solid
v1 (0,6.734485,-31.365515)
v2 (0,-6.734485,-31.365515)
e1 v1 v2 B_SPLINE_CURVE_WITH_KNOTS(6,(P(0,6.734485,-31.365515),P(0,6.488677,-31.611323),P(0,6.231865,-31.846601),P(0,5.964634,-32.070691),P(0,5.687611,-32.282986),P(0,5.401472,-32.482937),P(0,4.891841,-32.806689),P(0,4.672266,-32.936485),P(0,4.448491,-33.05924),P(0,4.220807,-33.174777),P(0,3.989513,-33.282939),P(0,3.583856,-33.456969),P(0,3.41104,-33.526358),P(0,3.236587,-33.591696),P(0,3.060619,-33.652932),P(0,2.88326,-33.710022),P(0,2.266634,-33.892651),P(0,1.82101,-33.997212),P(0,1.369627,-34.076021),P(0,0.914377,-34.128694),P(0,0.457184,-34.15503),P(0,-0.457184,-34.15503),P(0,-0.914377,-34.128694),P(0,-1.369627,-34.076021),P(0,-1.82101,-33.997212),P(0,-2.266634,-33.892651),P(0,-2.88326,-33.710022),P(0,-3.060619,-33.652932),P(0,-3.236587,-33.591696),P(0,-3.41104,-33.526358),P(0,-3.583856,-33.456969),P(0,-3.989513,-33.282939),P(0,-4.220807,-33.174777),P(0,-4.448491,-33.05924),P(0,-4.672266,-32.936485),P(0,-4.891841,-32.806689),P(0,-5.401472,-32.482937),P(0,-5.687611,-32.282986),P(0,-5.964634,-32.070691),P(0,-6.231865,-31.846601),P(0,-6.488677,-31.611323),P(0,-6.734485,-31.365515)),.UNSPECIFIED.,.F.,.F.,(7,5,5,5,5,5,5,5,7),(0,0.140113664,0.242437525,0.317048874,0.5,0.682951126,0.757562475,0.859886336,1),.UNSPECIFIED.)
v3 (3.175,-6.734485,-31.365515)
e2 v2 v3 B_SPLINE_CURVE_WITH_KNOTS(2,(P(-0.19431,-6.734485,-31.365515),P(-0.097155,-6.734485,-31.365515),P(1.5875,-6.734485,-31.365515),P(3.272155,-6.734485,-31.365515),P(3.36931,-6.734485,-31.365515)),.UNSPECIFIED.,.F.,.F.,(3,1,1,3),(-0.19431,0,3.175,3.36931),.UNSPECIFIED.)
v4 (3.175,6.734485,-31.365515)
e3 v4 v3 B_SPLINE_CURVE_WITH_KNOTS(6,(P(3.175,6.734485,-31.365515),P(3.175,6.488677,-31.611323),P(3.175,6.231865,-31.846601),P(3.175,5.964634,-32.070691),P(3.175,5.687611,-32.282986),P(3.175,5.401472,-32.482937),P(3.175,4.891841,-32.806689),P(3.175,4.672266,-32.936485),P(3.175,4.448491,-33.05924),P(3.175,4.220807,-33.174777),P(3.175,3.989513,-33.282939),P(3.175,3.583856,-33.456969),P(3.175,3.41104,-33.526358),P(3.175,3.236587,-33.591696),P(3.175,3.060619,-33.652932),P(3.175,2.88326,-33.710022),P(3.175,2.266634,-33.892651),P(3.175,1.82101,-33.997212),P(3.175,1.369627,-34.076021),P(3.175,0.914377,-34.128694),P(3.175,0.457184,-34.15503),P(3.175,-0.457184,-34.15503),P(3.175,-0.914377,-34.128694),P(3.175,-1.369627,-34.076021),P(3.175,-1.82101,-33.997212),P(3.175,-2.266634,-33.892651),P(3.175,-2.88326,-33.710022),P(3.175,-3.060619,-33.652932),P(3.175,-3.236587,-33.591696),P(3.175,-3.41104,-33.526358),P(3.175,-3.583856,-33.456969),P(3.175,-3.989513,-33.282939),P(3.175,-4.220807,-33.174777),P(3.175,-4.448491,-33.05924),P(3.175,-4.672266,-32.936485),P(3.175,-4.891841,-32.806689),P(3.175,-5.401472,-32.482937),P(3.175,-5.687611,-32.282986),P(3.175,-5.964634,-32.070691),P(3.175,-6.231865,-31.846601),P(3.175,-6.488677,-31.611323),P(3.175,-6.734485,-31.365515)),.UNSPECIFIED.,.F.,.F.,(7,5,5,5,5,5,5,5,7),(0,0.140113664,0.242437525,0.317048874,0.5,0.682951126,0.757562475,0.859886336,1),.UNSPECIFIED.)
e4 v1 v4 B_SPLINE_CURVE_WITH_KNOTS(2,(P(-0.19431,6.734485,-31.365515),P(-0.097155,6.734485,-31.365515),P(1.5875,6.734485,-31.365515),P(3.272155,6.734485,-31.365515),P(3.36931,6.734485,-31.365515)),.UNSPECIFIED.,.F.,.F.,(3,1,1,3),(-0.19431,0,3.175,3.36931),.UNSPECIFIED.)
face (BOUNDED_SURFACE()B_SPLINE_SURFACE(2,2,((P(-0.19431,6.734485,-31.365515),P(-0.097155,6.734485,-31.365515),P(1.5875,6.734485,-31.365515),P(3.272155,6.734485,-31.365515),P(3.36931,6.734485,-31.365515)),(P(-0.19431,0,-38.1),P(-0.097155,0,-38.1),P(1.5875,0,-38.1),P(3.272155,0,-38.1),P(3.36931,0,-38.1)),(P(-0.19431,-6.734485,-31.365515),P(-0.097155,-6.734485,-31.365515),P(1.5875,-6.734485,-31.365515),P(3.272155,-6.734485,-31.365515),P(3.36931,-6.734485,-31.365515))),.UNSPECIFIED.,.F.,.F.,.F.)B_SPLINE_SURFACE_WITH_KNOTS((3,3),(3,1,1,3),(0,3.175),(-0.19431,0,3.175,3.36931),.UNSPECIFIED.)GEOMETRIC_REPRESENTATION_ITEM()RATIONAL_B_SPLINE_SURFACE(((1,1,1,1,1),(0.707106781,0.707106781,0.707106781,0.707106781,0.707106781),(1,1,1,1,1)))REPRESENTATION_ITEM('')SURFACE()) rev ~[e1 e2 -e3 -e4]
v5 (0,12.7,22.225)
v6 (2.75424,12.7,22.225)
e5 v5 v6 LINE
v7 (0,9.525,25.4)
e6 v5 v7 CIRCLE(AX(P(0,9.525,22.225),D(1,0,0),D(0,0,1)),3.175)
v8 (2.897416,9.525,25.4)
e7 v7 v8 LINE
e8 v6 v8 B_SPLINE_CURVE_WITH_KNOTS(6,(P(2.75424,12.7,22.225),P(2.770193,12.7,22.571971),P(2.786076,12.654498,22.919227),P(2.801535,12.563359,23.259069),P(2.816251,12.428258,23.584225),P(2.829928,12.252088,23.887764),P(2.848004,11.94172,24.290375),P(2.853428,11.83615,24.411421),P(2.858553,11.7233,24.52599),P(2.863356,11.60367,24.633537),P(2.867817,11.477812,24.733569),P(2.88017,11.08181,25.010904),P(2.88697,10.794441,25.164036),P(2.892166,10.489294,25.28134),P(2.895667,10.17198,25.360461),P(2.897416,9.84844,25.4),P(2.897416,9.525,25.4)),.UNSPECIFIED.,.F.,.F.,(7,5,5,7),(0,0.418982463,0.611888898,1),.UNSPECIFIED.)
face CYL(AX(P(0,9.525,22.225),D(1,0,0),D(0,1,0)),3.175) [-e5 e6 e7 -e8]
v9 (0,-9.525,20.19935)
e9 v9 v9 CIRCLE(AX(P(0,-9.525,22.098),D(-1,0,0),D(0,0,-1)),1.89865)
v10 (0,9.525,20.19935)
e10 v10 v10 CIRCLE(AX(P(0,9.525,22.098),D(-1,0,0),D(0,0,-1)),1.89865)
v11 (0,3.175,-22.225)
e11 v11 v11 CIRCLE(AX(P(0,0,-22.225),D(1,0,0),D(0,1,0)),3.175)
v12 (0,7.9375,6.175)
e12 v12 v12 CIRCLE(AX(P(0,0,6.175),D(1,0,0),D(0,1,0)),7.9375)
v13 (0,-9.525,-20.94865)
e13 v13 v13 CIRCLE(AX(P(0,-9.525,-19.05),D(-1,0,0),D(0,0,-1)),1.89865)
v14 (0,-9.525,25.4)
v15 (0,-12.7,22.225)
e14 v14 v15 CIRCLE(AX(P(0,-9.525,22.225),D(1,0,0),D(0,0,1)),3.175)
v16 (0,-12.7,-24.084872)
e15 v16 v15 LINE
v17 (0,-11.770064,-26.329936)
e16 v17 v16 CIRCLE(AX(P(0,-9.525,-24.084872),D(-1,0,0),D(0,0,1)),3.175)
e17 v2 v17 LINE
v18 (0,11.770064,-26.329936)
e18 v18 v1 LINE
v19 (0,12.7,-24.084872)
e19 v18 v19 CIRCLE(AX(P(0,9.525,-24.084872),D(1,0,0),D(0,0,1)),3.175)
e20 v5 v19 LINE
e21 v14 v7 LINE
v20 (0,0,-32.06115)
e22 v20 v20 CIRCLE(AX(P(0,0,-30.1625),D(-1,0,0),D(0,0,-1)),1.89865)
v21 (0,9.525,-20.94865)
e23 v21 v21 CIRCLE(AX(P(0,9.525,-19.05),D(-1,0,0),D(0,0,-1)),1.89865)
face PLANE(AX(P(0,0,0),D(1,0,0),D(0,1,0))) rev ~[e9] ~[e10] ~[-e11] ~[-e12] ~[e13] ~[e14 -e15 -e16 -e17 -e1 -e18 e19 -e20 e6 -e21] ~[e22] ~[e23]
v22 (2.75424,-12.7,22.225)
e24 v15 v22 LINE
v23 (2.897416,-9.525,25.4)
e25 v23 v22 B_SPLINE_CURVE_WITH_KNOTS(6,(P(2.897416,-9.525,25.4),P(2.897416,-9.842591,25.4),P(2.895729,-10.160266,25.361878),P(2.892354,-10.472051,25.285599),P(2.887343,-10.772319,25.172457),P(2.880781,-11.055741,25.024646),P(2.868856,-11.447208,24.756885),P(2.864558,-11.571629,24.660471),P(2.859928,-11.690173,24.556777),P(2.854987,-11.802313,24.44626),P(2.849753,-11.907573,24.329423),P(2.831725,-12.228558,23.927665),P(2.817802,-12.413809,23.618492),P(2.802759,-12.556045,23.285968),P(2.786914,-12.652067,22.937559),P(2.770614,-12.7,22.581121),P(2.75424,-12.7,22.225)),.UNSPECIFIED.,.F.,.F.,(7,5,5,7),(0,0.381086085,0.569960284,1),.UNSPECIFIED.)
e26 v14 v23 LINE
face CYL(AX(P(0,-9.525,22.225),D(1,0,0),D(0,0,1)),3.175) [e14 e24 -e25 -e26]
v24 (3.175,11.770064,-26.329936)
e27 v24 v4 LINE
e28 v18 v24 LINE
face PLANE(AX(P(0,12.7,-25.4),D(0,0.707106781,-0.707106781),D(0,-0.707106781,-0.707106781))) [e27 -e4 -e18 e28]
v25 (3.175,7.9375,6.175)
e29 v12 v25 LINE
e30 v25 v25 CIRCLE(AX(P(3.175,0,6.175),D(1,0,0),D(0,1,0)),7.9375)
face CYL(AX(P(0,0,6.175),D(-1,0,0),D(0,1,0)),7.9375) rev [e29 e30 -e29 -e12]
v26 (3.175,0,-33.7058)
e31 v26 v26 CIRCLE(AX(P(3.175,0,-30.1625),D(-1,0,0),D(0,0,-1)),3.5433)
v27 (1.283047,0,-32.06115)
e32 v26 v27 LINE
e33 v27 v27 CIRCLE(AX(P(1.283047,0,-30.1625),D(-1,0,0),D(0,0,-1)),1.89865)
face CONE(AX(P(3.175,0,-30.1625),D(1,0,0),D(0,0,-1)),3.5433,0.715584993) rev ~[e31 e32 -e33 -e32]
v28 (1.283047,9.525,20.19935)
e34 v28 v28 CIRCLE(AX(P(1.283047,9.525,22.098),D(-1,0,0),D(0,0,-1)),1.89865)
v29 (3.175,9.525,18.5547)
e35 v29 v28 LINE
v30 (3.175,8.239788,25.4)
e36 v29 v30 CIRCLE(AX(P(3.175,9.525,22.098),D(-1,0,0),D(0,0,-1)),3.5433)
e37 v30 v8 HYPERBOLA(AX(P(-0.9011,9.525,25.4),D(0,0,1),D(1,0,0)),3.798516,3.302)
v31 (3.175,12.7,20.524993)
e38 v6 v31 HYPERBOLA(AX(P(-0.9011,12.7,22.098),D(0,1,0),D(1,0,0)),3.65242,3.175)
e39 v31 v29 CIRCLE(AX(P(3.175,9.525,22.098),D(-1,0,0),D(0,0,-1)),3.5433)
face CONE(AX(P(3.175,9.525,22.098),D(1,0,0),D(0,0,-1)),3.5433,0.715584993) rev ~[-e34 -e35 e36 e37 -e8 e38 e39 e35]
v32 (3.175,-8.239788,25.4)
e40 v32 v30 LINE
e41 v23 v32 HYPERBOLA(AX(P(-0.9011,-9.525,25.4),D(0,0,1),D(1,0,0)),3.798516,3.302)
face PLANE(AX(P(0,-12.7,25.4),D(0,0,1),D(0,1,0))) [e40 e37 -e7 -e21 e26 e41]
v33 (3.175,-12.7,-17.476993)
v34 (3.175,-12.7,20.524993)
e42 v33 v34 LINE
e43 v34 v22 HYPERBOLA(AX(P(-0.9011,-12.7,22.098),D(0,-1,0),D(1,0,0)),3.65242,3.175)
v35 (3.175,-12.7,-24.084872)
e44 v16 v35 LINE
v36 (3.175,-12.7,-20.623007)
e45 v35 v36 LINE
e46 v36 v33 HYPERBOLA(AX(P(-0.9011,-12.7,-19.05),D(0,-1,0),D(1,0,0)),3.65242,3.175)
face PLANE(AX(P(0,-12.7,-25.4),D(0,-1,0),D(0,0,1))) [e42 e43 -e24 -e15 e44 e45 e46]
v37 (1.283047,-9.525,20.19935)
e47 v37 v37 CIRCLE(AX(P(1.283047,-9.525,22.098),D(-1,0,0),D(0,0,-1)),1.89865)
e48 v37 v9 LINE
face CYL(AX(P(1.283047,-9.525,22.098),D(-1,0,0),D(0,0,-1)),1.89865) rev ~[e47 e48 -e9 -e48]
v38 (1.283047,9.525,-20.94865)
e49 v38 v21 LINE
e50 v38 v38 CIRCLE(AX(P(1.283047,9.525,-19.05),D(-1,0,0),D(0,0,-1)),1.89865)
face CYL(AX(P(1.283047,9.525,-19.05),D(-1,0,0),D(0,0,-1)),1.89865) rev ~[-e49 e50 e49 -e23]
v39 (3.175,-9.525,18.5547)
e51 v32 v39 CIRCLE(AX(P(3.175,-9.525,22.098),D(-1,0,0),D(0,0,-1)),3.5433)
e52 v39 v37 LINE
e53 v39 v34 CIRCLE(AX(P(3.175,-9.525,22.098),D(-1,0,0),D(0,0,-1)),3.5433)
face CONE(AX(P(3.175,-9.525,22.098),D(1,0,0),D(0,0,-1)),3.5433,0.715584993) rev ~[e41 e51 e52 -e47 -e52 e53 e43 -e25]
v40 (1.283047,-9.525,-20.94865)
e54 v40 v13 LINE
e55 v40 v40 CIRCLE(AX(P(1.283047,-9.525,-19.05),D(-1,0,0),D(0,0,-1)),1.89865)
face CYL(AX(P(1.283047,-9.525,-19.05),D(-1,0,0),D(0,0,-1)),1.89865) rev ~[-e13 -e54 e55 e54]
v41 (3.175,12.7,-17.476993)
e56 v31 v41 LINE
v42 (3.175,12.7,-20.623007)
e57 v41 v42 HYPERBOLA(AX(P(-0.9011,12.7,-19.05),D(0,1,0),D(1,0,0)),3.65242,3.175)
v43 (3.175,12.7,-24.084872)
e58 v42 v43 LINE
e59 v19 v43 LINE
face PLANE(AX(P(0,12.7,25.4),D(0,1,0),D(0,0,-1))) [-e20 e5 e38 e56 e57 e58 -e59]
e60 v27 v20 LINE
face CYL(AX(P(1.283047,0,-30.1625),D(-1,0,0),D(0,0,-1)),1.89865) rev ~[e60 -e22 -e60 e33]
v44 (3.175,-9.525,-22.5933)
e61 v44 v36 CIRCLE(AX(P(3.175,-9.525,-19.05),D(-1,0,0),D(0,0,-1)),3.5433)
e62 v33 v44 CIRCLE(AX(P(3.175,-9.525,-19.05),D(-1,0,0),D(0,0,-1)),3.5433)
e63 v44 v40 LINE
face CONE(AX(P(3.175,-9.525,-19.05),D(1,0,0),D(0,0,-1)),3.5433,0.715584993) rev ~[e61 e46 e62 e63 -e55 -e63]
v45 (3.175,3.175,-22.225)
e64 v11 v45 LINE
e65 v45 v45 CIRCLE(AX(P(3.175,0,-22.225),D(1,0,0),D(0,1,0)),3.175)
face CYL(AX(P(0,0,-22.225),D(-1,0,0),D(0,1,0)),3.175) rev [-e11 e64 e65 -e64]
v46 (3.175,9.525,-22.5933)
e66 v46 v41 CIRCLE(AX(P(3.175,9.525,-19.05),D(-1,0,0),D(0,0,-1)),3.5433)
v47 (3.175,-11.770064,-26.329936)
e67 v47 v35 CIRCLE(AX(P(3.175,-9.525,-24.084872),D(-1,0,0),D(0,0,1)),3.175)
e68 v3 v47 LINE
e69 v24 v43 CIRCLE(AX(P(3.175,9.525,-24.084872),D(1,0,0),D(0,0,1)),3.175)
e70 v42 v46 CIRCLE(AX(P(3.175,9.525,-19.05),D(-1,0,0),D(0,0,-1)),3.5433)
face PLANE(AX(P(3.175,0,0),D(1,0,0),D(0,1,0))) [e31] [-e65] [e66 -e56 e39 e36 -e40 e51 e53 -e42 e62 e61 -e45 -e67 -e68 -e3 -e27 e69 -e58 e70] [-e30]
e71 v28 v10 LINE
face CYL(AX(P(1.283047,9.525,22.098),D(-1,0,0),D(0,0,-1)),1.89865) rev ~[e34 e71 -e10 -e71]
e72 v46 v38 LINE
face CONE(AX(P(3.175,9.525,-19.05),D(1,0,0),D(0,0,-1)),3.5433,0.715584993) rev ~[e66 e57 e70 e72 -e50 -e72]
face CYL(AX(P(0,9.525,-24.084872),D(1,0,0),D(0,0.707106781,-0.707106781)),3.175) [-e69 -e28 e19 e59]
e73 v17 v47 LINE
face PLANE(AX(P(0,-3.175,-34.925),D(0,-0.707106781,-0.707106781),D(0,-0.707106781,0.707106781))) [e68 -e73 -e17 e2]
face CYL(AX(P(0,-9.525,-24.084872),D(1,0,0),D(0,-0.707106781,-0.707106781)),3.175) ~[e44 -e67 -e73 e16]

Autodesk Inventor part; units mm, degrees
ref_plane "YZ Plane" through (0, 0, 0) normal (1, 0, 0) x (0, 1, 0)
ref_plane "XZ Plane" through (0, 0, 0) normal (0, 1, 0) x (-1, 0, 0)
ref_plane "XY Plane" through (0, 0, 0) normal (0, 0, 1) x (1, 0, 0)
sketch "Sketch1" plane through (0, 0, 0) normal (1, 0, 0) x (0, 1, 0)
  line L0 (-12.7, 25.4) -> (12.7, 25.4)
  line L1 (12.7, 25.4) -> (12.7, -25.4)
  line L2 (12.7, -25.4) -> (-12.7, -25.4) construction
  line L3 (-12.7, -25.4) -> (-12.7, 25.4)
  line L4 (-12.7, 25.4) -> (12.7, -25.4) construction
  line L5 (12.7, 25.4) -> (-12.7, -25.4) construction
  line L6 (0, 25.4) -> (0, -25.4) construction
  circle A0 centre (0, -22.225) radius 3.175
  line L7 (-3.175, -15.875) -> (3.175, -15.875) construction
  line L8 (3.175, -15.875) -> (3.175, -34.925) construction
  line L9 (3.175, -34.925) -> (-3.175, -34.925)
  line L10 (-3.175, -34.925) -> (-3.175, -15.875) construction
  line L11 (-3.175, -15.875) -> (3.175, -34.925) construction
  line L12 (3.175, -15.875) -> (-3.175, -34.925) construction
  line L13 (12.7, -25.4) -> (3.175, -34.925)
  line L14 (-3.175, -34.925) -> (-12.7, -25.4)
  circle A1 centre (0, 6.175) radius 7.9375
  point P0 (0, 0)
  dimension "d0" = 25.4
  dimension "d1" = 50.8
  dimension "d2" = 6.35
  dimension "d4" = 6.35
  dimension "d5" = 9.525
  dimension "d6" = 15.875
  dimension "d7" = 28.4
extrude "Extrusion1" add sketch "Sketch1" along normal blind 3.175
fillet "Fillet1" radius 9.525 2 edges at (1.5875, 3.175, -34.925) (1.5875, -3.175, -34.925)
fillet "Fillet2" radius 3.175 4 edges at (1.5875, 12.7, 25.4) (1.5875, -12.7, 25.4) (1.5875, 12.7, -25.4) (1.5875, -12.7, -25.4)
sketch "Sketch2" plane through (3.175, 0, 0) normal (1, 0, 0) x (0, 0, -1)
  point P0 (19.05, 9.525)
  point P1 (30.1625, 0)
  point P2 (19.05, -9.525)
  point P3 (-22.098, 9.525)
  point P4 (-22.098, -9.525)
hole "Hole1" at (3.175, 9.525, -19.05) at (3.175, 0, -30.1625) at (3.175, -9.525, -19.05) at (3.175, 9.525, 22.098) at (3.175, -9.525, 22.098) direction (-1, 0, 0) diameter 3.7973 end through all countersink diameter 7.0866 countersink angle 82
properties part number "Face PLate" material "UHMW, White"
